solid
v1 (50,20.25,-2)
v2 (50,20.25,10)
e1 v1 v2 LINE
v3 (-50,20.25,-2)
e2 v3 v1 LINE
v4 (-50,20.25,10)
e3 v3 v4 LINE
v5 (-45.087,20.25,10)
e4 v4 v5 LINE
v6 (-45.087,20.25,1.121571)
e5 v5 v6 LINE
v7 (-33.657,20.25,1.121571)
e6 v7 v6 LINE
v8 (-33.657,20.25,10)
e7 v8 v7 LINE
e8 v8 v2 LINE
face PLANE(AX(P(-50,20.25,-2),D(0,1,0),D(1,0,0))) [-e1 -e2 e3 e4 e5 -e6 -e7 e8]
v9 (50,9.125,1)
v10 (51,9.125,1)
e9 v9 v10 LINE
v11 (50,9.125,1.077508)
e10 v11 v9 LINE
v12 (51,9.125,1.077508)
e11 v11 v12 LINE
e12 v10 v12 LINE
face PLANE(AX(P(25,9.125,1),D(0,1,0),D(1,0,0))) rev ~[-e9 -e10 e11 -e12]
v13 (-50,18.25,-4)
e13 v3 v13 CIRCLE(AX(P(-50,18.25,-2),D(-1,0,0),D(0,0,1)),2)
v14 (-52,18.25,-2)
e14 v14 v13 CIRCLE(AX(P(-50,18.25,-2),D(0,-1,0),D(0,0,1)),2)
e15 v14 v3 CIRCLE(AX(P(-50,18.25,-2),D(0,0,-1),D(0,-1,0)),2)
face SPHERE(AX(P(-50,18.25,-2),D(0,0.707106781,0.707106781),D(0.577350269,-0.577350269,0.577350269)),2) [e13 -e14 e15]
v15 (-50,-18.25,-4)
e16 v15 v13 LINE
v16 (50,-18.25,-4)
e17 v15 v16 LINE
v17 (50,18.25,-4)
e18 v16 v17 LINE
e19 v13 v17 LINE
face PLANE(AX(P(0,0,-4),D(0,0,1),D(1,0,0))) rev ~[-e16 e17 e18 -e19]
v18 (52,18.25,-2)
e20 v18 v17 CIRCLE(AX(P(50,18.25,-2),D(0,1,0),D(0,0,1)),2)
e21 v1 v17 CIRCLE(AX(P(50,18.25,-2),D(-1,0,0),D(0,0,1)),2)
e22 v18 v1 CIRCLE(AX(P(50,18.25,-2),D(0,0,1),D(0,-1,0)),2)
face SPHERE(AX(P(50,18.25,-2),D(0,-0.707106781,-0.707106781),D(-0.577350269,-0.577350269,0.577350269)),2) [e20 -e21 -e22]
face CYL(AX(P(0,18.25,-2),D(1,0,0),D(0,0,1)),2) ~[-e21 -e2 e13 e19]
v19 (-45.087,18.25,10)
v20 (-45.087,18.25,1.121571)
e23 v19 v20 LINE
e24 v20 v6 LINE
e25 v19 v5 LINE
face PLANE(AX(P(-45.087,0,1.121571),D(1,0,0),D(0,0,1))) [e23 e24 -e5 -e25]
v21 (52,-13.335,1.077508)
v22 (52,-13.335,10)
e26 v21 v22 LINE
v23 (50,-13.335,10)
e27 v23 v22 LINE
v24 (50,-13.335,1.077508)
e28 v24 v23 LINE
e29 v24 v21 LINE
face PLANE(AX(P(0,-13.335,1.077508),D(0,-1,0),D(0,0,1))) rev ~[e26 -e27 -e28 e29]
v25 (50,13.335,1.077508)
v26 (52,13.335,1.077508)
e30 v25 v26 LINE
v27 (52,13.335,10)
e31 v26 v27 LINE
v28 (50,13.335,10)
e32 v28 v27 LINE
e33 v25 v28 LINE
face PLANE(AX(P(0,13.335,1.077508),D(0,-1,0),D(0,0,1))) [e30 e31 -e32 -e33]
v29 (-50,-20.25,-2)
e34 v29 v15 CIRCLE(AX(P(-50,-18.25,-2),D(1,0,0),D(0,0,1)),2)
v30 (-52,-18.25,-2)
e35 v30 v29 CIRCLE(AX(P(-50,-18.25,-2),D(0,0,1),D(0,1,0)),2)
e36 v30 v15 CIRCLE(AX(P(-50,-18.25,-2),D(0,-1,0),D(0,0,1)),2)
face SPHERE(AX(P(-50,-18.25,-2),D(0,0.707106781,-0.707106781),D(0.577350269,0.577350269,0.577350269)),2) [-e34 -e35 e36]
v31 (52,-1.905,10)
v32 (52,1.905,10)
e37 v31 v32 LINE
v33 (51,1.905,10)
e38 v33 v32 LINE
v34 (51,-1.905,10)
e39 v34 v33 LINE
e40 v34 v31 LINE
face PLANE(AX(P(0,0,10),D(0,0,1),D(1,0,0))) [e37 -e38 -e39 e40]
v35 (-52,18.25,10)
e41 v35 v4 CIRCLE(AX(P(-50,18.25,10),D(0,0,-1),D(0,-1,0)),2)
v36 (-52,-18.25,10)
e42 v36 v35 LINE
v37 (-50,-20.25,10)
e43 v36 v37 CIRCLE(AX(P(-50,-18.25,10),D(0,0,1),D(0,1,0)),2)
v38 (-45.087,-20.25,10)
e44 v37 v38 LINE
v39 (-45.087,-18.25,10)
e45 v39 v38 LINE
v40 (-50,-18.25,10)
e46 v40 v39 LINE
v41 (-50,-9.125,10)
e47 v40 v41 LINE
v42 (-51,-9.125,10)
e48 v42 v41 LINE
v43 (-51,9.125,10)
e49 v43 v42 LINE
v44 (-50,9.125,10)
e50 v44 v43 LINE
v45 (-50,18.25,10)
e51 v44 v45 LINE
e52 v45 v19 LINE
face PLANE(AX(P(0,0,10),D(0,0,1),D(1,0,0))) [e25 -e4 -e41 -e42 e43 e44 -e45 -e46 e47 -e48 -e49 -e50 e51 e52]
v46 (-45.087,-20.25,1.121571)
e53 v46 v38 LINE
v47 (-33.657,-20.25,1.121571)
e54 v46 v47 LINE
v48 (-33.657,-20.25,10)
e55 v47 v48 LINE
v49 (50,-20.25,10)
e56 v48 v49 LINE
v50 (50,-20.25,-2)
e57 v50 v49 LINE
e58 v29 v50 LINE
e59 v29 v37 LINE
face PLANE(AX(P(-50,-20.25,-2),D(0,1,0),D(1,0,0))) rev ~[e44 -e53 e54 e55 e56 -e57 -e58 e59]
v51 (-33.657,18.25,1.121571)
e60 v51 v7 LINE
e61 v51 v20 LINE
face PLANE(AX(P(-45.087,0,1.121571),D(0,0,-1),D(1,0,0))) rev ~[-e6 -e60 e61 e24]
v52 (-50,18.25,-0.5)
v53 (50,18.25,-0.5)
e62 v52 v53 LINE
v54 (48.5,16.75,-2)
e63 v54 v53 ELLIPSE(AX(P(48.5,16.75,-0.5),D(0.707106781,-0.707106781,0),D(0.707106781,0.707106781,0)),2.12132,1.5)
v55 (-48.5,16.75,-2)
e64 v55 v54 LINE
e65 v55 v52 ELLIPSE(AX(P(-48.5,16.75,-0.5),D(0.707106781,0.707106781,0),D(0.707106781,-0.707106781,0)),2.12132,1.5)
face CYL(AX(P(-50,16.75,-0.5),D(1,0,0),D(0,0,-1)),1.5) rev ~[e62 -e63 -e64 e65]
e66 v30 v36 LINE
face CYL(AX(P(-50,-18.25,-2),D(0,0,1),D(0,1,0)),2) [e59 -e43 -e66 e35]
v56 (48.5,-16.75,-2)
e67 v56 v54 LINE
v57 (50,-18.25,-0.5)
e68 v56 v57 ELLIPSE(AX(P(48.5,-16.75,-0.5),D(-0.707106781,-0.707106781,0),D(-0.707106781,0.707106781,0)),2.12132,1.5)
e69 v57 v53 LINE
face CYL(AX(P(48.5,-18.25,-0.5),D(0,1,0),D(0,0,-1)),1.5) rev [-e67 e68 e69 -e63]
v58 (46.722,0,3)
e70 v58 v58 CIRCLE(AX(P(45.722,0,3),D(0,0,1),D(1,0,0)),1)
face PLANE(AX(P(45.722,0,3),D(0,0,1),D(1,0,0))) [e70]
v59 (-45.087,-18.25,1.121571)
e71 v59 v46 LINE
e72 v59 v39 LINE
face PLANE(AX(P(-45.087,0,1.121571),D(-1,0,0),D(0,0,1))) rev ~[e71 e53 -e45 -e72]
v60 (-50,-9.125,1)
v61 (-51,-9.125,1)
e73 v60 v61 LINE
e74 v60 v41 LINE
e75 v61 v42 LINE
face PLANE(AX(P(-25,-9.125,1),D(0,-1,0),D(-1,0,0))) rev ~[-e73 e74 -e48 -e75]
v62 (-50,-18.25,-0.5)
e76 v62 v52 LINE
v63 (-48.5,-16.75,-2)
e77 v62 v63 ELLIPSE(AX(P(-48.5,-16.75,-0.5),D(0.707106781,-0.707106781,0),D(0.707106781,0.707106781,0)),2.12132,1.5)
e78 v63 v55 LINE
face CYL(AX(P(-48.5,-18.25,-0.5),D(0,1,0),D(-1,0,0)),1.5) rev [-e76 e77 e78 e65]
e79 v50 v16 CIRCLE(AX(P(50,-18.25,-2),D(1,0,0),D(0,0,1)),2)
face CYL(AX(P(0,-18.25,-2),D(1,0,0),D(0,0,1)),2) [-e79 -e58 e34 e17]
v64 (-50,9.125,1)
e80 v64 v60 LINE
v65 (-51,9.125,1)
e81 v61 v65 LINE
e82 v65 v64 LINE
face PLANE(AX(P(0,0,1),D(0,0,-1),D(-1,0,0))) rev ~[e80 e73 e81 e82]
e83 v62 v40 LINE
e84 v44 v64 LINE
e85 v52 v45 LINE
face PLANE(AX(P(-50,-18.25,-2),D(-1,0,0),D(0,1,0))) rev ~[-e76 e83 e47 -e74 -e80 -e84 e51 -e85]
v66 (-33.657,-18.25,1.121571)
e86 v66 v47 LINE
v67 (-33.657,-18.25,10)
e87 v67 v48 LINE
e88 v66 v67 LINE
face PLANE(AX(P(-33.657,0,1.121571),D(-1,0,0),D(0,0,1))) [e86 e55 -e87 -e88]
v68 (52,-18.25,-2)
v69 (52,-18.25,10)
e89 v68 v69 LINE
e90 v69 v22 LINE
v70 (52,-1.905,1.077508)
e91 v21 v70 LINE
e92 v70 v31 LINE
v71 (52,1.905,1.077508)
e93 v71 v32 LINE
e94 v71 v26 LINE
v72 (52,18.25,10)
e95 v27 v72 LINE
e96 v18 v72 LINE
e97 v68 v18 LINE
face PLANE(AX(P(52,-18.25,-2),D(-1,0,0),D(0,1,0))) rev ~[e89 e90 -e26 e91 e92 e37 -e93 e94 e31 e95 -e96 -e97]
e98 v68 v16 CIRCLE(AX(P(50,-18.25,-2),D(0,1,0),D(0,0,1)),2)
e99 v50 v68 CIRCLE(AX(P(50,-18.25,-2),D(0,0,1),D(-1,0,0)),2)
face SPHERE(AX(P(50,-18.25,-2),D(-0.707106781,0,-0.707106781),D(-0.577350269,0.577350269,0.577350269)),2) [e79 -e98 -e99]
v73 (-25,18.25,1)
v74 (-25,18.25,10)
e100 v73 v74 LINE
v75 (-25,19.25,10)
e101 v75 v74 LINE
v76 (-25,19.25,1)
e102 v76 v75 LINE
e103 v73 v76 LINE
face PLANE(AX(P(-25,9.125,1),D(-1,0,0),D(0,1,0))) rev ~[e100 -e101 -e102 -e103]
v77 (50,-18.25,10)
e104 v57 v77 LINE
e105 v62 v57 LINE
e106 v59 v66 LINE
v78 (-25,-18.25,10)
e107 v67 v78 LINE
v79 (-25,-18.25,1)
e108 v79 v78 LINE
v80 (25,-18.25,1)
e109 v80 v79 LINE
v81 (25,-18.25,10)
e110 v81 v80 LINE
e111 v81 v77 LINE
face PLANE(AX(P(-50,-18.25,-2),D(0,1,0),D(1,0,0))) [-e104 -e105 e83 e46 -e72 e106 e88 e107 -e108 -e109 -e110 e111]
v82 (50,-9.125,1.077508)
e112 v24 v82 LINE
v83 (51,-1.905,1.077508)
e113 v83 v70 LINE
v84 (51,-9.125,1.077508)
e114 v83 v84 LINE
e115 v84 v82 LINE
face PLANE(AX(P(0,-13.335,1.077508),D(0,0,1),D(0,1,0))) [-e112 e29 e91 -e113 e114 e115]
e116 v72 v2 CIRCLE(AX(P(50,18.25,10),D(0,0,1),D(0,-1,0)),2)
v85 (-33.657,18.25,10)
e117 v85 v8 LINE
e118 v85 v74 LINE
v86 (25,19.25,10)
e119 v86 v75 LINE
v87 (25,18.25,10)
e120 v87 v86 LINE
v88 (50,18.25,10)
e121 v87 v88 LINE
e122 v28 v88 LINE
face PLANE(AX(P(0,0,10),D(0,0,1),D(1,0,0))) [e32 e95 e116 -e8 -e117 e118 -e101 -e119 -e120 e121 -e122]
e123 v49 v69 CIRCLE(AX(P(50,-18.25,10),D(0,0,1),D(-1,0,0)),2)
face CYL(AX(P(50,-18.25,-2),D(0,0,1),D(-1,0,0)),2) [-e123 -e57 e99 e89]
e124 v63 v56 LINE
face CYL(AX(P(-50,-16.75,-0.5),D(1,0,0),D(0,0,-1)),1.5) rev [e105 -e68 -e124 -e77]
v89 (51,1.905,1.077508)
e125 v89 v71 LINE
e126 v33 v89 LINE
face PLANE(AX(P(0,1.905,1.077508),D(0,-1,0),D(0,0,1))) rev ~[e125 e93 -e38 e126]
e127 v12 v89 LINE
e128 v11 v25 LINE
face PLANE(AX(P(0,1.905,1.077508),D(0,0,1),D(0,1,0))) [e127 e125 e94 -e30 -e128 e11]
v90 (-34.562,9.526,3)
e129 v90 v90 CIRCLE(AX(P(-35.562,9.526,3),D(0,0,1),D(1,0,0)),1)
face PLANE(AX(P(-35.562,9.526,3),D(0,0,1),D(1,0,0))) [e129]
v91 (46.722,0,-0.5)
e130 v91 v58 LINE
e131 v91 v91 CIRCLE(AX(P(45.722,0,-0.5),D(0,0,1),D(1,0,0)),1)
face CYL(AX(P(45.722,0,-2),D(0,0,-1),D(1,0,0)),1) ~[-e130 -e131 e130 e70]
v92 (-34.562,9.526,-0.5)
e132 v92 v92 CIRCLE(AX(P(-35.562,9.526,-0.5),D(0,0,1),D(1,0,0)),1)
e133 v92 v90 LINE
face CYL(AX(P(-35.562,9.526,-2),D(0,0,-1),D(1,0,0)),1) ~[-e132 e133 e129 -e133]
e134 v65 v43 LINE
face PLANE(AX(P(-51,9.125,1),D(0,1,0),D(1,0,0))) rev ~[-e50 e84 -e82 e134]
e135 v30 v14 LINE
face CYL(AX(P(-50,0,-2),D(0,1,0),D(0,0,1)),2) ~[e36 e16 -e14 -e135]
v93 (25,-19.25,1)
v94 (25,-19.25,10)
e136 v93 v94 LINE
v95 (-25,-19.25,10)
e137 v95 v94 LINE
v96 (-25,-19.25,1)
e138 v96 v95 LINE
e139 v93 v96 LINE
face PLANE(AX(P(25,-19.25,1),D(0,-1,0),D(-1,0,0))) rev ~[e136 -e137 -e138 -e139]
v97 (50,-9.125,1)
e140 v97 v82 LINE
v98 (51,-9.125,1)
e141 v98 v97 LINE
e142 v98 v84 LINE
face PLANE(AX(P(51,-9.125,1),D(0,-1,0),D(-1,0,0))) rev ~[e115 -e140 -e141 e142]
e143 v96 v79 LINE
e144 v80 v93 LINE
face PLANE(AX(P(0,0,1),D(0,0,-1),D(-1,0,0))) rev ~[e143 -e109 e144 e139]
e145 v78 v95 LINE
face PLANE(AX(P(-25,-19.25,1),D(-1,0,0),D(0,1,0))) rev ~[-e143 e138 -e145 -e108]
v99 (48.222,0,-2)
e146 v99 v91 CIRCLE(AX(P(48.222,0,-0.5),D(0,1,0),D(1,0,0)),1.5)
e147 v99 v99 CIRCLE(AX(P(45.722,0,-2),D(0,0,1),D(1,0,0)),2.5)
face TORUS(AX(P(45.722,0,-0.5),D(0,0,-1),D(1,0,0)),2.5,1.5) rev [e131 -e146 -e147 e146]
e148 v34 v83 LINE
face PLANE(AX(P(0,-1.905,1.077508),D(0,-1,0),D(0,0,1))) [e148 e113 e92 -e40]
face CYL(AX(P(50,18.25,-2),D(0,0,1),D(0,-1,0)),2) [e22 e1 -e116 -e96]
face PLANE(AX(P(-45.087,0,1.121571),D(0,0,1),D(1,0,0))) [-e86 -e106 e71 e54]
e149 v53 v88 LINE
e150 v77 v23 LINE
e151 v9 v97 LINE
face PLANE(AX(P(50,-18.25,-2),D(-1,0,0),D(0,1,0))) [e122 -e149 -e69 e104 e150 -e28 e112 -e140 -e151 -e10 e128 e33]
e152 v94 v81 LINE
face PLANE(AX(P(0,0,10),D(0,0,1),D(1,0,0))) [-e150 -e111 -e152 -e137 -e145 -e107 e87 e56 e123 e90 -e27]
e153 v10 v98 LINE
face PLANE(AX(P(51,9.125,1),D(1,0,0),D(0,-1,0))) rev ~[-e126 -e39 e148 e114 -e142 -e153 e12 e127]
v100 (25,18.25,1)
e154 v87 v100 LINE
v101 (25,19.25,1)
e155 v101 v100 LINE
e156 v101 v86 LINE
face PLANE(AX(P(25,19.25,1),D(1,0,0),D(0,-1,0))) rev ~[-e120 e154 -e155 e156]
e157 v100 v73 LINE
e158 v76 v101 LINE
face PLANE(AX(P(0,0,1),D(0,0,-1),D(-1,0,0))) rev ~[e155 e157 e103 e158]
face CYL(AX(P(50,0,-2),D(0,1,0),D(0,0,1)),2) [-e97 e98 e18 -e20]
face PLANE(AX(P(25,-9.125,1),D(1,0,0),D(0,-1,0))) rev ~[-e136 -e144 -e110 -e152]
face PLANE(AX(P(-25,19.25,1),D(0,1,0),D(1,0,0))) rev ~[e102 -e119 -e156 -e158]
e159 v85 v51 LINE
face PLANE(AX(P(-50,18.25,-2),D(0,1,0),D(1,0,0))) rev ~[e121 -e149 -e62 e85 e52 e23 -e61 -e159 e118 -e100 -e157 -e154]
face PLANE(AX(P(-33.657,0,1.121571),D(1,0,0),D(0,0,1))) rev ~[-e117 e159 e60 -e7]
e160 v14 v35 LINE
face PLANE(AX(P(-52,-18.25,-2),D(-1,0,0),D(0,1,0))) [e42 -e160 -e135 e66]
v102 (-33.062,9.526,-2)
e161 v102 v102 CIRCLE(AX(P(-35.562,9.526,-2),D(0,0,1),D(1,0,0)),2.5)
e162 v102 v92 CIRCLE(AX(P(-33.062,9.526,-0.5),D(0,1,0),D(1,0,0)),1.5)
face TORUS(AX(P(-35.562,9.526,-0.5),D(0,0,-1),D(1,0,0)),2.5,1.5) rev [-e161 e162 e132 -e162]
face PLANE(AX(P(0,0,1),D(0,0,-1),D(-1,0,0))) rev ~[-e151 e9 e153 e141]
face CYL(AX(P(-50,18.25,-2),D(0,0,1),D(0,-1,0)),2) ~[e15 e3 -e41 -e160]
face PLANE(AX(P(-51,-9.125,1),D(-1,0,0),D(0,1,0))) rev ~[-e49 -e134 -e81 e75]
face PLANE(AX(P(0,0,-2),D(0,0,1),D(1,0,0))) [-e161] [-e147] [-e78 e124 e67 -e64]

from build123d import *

# Parameters (mm, degrees)
SKETCH002_W          = 100
SKETCH002_H          = 36.5
PAD002_DEPTH         = 12
THICKNESS_T          = 2
POCKET_DEPTH         = 9.001
SKETCH018_W          = 11.43
SKETCH018_H          = 15.122581
POCKET001_DEPTH      = 52.001
SKETCH019_W          = 11.43
SKETCH019_H          = 14.044283
POCKET002_DEPTH      = 20.251
POCKET002_DEPTH_BACK = 20.251
SKETCH003_R          = 1
PAD003_DEPTH         = 5
FILLET_R             = 1.5


with BuildPart() as part:
    # Sketch002 → Pad002 (new body)
    with BuildSketch(Plane.XY):
        Rectangle(SKETCH002_W, SKETCH002_H)
    extrude(amount=PAD002_DEPTH)

    # Thickness
    thickness_openings = [part.faces().sort_by_distance(p)[0] for p in [
        (0, 0, 12),
    ]]
    offset(amount=THICKNESS_T, openings=thickness_openings)

    # Sketch012 → Pocket (cut, through all)
    with BuildSketch(Plane.XY.offset(3)):
        Polygon((-25, 19.25), (25, 19.25), (25, 9.125), (51, 9.125), (51, -9.125), (25, -9.125), (25, -19.25), (-25, -19.25), (-25, -9.125), (-51, -9.125), (-51, 9.125), (-25, 9.125), align=None)
    extrude(amount=POCKET_DEPTH, mode=Mode.SUBTRACT)

    # Sketch018 → Pocket001 (cut, through all)
    with BuildSketch(Plane.YZ):
        with Locations((-7.62, 10.638799)):
            Rectangle(SKETCH018_W, SKETCH018_H)
        with Locations((7.62, 10.638799)):
            Rectangle(SKETCH018_W, SKETCH018_H)
    extrude(amount=POCKET001_DEPTH, mode=Mode.SUBTRACT)

    # Sketch019 → Pocket002 (cut, two sides)
    with BuildSketch(Plane.XZ) as pocket002_sk:
        with Locations((-39.372, 10.143712)):
            Rectangle(SKETCH019_W, SKETCH019_H)
    extrude(amount=POCKET002_DEPTH, mode=Mode.SUBTRACT)
    extrude(pocket002_sk.sketch, amount=-POCKET002_DEPTH_BACK, mode=Mode.SUBTRACT)

    # Sketch003 → Pad003 (join)
    with BuildSketch(Plane.XY):
        with Locations((-35.562, 9.526)):
            Circle(SKETCH003_R)
        with Locations((45.722, 0)):
            Circle(SKETCH003_R)
    extrude(amount=PAD003_DEPTH)

    # Fillet
    fillet_edges = [part.edges().sort_by_distance(p)[0] for p in [
        (0, 18.25, 0),
        (-50, 0, 0),
        (50, 0, 0),
        (0, -18.25, 0),
        (44.722, 0, 0),
        (-36.562, 9.526, 0),
    ]]
    fillet(fillet_edges, radius=FILLET_R)


with BuildPart() as part_1:
    # Body001 placement: moved
    add(part.part.moved(Location((0, 0, -2))))


solid = part_1.part
